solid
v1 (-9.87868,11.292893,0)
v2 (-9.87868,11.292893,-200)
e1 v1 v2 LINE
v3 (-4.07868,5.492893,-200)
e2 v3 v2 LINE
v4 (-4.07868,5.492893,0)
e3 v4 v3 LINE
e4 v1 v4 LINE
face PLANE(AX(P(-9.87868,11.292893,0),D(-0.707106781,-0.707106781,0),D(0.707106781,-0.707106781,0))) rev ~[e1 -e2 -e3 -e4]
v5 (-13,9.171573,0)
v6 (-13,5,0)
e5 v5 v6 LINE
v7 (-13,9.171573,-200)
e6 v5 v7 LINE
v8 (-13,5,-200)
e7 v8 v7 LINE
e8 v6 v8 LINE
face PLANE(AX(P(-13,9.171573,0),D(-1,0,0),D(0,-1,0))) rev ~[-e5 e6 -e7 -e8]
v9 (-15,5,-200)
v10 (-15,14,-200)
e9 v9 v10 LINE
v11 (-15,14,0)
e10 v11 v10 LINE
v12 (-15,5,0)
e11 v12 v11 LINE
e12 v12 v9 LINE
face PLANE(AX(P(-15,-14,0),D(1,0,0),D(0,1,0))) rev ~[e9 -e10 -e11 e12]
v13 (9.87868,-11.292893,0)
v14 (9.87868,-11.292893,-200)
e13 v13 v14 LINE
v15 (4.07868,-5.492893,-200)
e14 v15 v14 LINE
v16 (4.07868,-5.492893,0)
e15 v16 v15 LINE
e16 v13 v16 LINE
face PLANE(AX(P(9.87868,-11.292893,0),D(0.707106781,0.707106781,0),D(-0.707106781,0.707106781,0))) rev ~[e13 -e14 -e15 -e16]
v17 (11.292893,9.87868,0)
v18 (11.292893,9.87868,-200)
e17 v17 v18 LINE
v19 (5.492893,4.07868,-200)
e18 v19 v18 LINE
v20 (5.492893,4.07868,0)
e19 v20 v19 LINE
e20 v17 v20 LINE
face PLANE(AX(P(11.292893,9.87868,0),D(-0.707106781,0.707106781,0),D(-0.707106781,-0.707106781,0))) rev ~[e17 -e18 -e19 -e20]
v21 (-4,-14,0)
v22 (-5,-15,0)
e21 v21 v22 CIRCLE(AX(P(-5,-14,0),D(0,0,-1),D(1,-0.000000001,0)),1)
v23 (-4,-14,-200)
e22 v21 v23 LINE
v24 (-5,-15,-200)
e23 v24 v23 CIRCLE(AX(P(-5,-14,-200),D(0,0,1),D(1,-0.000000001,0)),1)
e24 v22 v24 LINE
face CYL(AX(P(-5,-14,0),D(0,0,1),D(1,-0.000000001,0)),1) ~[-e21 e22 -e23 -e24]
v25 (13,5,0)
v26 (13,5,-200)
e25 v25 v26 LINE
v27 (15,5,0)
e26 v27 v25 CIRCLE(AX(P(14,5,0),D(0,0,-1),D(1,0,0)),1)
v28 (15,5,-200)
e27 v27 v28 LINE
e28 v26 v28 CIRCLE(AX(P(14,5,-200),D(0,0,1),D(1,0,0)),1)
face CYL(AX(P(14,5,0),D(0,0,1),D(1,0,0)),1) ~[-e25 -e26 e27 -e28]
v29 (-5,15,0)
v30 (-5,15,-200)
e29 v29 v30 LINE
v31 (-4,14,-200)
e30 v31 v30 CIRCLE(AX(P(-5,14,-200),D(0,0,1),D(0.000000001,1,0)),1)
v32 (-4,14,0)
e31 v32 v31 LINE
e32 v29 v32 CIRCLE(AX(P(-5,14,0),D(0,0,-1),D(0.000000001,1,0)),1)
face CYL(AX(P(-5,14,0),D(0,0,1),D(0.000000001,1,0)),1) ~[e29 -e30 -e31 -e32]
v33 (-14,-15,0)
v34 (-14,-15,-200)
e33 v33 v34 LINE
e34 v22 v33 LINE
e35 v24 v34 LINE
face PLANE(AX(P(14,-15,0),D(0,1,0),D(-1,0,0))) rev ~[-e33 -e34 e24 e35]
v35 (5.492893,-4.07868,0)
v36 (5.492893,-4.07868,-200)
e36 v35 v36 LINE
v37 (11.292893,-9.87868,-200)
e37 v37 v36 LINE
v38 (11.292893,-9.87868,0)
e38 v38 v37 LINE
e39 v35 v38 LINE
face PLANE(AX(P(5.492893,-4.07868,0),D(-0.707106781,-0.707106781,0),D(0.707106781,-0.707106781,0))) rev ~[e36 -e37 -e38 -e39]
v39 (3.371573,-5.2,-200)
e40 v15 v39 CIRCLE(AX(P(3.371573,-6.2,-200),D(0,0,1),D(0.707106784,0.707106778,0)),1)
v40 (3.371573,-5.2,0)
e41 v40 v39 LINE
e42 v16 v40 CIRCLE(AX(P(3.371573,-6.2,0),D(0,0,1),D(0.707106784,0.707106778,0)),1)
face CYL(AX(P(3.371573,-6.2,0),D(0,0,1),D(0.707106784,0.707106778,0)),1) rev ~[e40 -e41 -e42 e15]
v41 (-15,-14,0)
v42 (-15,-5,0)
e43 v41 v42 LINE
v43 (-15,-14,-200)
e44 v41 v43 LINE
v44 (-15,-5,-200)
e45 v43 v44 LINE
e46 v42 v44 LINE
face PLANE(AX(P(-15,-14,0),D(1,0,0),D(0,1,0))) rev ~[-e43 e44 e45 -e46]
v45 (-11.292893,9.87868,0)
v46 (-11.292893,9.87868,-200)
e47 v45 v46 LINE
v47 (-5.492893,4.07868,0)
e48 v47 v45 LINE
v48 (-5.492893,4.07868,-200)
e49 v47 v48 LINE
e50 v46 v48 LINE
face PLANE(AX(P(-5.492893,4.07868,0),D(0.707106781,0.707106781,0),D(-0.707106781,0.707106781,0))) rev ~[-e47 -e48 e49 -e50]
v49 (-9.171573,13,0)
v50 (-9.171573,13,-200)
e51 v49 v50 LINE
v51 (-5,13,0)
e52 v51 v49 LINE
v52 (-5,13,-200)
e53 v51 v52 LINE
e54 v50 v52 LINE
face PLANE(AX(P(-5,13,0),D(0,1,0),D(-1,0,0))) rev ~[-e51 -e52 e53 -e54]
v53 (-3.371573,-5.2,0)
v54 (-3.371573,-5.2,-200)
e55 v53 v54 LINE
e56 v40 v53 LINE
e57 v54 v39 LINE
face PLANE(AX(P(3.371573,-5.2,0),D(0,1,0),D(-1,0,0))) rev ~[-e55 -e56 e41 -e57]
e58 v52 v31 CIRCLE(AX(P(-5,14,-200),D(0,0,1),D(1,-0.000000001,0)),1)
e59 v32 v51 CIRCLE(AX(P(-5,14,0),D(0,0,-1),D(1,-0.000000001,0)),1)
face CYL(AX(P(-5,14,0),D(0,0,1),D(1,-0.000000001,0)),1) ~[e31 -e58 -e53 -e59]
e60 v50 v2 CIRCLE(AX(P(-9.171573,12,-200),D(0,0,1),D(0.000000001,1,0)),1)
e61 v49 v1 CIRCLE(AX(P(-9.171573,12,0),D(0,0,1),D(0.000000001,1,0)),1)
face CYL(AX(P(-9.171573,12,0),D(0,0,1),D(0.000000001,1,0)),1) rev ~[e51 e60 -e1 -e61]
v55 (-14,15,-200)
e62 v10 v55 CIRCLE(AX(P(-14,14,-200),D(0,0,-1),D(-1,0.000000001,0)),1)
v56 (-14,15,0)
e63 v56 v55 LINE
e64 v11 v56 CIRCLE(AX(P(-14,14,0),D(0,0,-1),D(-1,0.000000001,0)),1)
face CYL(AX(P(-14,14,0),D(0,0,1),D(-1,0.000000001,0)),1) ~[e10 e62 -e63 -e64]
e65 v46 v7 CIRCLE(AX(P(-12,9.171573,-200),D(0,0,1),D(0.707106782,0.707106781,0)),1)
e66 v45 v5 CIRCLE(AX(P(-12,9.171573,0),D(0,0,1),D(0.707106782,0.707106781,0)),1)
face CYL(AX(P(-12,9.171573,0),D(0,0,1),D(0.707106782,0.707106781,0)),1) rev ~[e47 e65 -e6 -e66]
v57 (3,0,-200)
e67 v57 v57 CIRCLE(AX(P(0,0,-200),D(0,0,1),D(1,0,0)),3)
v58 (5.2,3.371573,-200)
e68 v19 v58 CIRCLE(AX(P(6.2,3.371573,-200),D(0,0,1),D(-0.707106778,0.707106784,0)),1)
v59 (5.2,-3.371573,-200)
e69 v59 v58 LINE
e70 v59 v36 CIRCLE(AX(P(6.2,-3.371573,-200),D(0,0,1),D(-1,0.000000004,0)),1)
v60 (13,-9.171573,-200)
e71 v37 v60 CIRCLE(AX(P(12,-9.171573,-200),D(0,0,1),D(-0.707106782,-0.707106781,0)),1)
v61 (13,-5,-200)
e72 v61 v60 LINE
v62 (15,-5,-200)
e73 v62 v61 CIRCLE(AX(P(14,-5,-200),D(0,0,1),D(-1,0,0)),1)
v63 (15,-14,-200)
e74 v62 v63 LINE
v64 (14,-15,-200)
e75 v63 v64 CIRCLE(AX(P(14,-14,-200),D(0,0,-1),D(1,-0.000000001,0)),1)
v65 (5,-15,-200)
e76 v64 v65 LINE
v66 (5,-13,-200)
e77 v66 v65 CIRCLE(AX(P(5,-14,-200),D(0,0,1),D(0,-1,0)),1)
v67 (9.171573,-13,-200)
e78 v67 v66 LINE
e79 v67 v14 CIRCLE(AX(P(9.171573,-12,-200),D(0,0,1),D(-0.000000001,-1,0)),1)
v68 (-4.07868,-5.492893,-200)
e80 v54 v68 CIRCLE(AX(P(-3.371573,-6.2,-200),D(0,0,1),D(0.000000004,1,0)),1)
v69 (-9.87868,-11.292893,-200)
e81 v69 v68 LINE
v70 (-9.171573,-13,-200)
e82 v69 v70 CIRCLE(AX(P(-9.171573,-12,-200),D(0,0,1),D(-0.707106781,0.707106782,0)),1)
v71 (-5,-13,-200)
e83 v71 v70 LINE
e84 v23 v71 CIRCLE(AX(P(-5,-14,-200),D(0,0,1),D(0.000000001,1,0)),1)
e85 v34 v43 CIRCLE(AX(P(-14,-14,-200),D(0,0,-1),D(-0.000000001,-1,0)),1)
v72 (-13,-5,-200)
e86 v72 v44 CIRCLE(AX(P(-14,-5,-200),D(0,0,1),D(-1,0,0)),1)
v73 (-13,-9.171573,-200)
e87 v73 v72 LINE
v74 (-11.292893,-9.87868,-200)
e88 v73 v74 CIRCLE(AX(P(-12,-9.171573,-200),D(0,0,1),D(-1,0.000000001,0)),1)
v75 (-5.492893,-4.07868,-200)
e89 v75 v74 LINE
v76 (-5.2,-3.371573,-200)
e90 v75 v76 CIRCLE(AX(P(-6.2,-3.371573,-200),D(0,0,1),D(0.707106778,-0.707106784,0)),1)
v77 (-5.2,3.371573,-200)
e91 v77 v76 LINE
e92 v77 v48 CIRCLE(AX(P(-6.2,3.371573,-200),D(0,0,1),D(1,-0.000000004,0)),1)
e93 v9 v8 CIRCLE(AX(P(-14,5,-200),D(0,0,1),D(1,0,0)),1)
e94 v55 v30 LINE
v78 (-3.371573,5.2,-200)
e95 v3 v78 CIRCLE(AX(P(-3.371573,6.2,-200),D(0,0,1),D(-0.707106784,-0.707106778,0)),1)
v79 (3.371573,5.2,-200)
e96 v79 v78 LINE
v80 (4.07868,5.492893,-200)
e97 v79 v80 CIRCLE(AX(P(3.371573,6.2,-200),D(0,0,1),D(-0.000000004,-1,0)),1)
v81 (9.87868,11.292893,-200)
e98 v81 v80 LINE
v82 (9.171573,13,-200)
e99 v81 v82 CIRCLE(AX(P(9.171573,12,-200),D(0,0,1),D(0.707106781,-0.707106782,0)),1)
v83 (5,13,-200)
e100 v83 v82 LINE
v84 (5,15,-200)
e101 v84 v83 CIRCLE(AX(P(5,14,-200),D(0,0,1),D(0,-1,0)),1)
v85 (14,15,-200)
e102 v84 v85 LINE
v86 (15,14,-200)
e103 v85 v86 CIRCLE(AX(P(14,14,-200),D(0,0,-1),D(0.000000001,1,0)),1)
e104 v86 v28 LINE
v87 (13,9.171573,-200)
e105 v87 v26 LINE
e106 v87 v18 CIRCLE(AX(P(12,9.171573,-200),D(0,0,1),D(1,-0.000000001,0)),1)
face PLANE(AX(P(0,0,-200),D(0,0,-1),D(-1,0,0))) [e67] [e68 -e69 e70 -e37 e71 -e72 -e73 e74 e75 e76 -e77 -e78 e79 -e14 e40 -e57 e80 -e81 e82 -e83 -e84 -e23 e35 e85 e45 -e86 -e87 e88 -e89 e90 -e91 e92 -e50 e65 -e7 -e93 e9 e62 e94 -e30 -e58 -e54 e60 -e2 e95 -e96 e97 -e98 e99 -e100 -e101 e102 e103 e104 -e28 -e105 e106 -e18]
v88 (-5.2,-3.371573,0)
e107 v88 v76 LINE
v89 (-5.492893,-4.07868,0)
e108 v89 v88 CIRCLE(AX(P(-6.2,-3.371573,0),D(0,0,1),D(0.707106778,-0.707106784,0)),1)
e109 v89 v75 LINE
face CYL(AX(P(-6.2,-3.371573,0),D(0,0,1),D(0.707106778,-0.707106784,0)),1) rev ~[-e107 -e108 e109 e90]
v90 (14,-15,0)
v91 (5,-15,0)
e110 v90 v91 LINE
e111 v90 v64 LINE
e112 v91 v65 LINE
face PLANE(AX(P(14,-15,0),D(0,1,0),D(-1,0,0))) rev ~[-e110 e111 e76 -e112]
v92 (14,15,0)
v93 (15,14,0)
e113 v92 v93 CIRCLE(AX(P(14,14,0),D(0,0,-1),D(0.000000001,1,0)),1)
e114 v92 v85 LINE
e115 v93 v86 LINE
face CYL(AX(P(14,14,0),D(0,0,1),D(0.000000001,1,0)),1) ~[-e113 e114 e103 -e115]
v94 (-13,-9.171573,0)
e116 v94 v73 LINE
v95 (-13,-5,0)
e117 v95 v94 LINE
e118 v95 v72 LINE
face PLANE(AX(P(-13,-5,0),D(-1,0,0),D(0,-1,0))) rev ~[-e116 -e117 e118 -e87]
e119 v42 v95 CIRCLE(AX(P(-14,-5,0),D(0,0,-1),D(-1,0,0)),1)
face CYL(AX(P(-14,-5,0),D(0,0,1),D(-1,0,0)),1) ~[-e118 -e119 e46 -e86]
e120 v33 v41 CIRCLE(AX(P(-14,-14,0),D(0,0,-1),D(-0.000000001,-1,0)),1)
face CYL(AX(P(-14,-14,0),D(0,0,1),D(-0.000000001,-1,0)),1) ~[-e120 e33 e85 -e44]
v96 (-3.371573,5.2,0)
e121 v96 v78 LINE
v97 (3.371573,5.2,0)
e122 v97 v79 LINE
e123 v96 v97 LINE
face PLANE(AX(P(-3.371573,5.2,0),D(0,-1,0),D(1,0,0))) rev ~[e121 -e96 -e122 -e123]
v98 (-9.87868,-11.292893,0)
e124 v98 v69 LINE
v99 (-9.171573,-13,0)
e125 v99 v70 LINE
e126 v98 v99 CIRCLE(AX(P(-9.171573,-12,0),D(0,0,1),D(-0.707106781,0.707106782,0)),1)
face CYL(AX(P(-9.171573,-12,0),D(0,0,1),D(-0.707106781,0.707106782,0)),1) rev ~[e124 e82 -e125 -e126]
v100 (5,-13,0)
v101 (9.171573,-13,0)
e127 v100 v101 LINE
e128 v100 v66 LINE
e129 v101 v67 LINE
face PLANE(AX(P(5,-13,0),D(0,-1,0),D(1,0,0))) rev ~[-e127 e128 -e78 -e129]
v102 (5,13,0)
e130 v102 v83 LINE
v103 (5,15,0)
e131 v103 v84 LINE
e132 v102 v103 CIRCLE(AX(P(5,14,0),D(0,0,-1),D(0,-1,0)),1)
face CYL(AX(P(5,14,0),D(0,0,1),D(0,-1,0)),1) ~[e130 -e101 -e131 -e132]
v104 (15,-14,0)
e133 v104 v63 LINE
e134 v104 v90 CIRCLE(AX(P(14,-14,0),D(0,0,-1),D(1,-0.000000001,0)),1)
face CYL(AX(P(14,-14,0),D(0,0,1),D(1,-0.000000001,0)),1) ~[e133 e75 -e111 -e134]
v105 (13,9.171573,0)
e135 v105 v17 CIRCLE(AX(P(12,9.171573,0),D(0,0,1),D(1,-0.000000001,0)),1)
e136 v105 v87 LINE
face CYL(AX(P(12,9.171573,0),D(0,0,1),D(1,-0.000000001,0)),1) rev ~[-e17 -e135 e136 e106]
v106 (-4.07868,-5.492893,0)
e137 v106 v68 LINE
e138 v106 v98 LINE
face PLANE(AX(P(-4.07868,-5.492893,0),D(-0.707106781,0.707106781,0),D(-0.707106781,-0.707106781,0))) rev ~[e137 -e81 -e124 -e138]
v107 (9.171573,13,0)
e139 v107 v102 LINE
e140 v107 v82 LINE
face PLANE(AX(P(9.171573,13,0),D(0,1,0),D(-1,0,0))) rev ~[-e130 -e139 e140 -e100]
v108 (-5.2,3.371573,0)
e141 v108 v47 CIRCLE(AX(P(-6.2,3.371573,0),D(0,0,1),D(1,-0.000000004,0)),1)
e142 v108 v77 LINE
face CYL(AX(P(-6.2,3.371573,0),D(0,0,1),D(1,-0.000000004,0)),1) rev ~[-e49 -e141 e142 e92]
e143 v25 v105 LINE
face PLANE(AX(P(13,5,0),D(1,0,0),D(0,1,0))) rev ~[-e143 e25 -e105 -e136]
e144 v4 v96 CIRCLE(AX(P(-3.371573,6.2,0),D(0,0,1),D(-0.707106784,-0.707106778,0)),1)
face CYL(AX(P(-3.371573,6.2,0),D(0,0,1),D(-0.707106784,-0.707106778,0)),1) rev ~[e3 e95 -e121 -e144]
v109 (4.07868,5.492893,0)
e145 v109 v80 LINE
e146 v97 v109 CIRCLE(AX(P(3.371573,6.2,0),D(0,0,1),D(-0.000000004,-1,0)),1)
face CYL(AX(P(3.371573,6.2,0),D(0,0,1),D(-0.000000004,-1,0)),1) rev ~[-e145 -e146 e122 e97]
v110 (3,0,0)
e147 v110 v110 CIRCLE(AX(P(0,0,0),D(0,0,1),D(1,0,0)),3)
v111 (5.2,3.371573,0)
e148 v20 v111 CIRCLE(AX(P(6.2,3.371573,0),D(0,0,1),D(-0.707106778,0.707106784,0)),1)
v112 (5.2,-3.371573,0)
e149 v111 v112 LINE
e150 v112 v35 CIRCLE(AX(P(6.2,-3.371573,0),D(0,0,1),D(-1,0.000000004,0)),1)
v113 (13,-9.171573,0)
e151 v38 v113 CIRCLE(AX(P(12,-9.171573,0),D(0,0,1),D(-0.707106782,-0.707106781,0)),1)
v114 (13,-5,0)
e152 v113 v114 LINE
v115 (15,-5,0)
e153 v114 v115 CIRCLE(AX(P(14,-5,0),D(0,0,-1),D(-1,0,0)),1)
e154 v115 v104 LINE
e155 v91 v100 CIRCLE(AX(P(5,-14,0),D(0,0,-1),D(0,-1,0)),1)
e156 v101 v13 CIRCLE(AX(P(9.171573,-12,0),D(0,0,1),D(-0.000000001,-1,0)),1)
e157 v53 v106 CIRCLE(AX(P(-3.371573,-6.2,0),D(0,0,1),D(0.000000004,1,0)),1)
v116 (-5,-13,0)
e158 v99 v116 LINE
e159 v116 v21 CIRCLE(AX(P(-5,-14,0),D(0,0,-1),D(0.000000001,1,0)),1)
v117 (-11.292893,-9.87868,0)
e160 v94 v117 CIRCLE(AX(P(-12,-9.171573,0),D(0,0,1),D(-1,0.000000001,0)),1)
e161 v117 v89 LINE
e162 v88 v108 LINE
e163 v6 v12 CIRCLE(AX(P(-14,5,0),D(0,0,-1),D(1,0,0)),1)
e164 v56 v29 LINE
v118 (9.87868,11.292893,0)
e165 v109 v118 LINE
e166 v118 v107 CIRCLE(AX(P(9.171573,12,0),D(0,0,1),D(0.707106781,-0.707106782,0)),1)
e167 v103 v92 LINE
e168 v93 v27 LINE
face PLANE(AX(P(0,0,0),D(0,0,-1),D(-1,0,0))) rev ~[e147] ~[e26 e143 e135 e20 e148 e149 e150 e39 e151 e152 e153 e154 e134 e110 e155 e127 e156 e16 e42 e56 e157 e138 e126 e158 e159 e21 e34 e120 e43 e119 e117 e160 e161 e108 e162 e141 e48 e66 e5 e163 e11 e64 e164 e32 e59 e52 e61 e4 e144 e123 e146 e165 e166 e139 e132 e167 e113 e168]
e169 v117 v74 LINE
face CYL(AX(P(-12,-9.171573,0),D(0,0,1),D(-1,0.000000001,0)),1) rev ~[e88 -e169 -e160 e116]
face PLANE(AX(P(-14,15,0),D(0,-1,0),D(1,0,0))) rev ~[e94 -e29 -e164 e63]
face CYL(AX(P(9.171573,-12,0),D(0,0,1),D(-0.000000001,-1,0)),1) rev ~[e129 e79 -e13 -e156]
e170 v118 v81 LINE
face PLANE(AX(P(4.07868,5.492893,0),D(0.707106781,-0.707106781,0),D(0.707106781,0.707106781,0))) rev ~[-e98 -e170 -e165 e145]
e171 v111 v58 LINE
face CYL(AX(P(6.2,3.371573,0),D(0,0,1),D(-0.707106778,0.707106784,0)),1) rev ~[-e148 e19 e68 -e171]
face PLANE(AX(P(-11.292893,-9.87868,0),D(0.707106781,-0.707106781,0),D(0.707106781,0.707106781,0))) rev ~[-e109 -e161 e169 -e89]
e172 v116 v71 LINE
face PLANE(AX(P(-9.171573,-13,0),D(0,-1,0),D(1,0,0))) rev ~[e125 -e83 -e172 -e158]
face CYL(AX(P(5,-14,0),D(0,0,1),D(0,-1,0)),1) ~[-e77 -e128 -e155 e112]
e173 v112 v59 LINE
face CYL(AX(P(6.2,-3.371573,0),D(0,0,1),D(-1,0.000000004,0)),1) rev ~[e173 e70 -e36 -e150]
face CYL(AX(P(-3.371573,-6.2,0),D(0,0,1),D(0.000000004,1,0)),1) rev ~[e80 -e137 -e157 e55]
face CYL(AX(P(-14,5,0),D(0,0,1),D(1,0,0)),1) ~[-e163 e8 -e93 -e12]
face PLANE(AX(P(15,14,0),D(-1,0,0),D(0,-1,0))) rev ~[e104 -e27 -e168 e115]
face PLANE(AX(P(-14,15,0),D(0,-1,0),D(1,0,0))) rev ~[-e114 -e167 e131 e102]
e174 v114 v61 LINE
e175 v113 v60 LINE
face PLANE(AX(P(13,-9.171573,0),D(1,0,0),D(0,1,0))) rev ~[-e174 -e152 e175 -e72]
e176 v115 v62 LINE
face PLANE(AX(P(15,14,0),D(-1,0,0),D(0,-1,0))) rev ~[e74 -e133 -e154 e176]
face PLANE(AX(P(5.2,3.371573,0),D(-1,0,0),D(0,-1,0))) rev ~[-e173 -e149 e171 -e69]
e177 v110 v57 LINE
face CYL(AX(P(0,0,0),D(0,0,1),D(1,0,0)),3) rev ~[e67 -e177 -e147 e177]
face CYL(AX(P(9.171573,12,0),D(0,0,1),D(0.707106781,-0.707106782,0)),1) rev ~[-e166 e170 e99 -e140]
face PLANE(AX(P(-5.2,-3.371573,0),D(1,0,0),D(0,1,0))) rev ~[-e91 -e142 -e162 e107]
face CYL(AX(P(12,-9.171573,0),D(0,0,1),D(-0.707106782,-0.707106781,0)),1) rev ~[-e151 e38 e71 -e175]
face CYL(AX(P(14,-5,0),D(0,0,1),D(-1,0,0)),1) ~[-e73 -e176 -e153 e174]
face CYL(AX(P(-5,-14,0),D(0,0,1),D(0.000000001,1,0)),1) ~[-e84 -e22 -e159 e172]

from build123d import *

# Parameters (mm, degrees)
SALIENTE_EXTRUIR1_DEPTH = 200
CROQUIS2_R              = 3
CORTAR_EXTRUIR1_DEPTH   = 202.121853611
CORTAR_EXTRUIR3_DEPTH   = 202.121853611


with BuildPart() as part:
    # Croquis1 → Saliente-Extruir1 (new body)
    with BuildSketch(Plane.XY):
        with BuildLine():
            Line((-14, 15), (14, 15))
            ThreePointArc((14, 15), (14.707106781, 14.707106781), (15, 14))
            Line((15, 14), (15, -14))
            ThreePointArc((15, -14), (14.707106781, -14.707106781), (14, -15))
            Line((14, -15), (-14, -15))
            ThreePointArc((-14, -15), (-14.707106781, -14.707106781), (-15, -14))
            Line((-15, -14), (-15, 14))
            ThreePointArc((-15, 14), (-14.707106781, 14.707106781), (-14, 15))
        make_face()
    extrude(amount=-SALIENTE_EXTRUIR1_DEPTH)

    # Croquis2 → Cortar-Extruir1 (cut, through all)
    with BuildSketch(Plane.XY):
        Circle(CROQUIS2_R)
    extrude(amount=-CORTAR_EXTRUIR1_DEPTH, mode=Mode.SUBTRACT)

    # Croquis3 → Cortar-Extruir3 (cut, through all)
    with BuildSketch(Plane.XY):
        with BuildLine():
            Line((-5.492893219, 4.078679656), (-11.292893219, 9.878679656))
            ThreePointArc((-11.292893219, 9.878679656), (-12.382683432, 10.095452408), (-13, 9.171572875))
            Line((-13, 9.171572875), (-13, 5))
            ThreePointArc((-13, 5), (-14, 4), (-15, 5))
            Line((-15, 5), (-15, -5))
            ThreePointArc((-15, -5), (-14, -4), (-13, -5))
            Line((-13, -5), (-13, -9.171572875))
            ThreePointArc((-13, -9.171572875), (-12.382683432, -10.095452408), (-11.292893219, -9.878679656))
            Line((-11.292893219, -9.878679656), (-5.492893219, -4.078679656))
            ThreePointArc((-5.492893219, -4.078679656), (-5.276120467, -3.754256308), (-5.2, -3.371572875))
            Line((-5.2, -3.371572875), (-5.2, 3.371572875))
            ThreePointArc((-5.2, 3.371572875), (-5.276120467, 3.754256308), (-5.492893219, 4.078679656))
        make_face()
        with BuildLine():
            ThreePointArc((-9.171572875, 13), (-10.095452408, 12.382683432), (-9.878679656, 11.292893219))
            Line((-9.878679656, 11.292893219), (-4.078679656, 5.492893219))
            ThreePointArc((-4.078679656, 5.492893219), (-3.754256308, 5.276120467), (-3.371572875, 5.2))
            Line((-3.371572875, 5.2), (3.371572875, 5.2))
            ThreePointArc((3.371572875, 5.2), (3.754256308, 5.276120467), (4.078679656, 5.492893219))
            Line((4.078679656, 5.492893219), (9.878679656, 11.292893219))
            ThreePointArc((9.878679656, 11.292893219), (10.095452408, 12.382683432), (9.171572875, 13))
            Line((9.171572875, 13), (5, 13))
            ThreePointArc((5, 13), (4, 14), (5, 15))
            Line((5, 15), (-5, 15))
            ThreePointArc((-5, 15), (-4.292893219, 14.707106781), (-4, 14))
            ThreePointArc((-4, 14), (-4.292893219, 13.292893219), (-5, 13))
            Line((-5, 13), (-9.171572875, 13))
        make_face()
        with BuildLine():
            Line((9.878679656, -11.292893219), (4.078679656, -5.492893219))
            ThreePointArc((4.078679656, -5.492893219), (3.754256308, -5.276120467), (3.371572875, -5.2))
            Line((3.371572875, -5.2), (-3.371572875, -5.2))
            ThreePointArc((-3.371572875, -5.2), (-3.754256308, -5.276120467), (-4.078679656, -5.492893219))
            Line((-4.078679656, -5.492893219), (-9.878679656, -11.292893219))
            ThreePointArc((-9.878679656, -11.292893219), (-10.095452408, -12.382683432), (-9.171572875, -13))
            Line((-9.171572875, -13), (-5, -13))
            ThreePointArc((-5, -13), (-4.292893219, -13.292893219), (-4, -14))
            ThreePointArc((-4, -14), (-4.292893219, -14.707106781), (-5, -15))
            Line((-5, -15), (5, -15))
            ThreePointArc((5, -15), (4, -14), (5, -13))
            Line((5, -13), (9.171572875, -13))
            ThreePointArc((9.171572875, -13), (10.095452408, -12.382683432), (9.878679656, -11.292893219))
        make_face()
        with BuildLine():
            ThreePointArc((13, 9.171572875), (12.382683432, 10.095452408), (11.292893219, 9.878679656))
            Line((11.292893219, 9.878679656), (5.492893219, 4.078679656))
            ThreePointArc((5.492893219, 4.078679656), (5.276120467, 3.754256308), (5.2, 3.371572875))
            Line((5.2, 3.371572875), (5.2, -3.371572875))
            ThreePointArc((5.2, -3.371572875), (5.276120467, -3.754256308), (5.492893219, -4.078679656))
            Line((5.492893219, -4.078679656), (11.292893219, -9.878679656))
            ThreePointArc((11.292893219, -9.878679656), (12.382683432, -10.095452408), (13, -9.171572875))
            Line((13, -9.171572875), (13, -5))
            ThreePointArc((13, -5), (14, -4), (15, -5))
            Line((15, -5), (15, 5))
            ThreePointArc((15, 5), (14, 4), (13, 5))
            Line((13, 5), (13, 9.171572875))
        make_face()
    extrude(amount=-CORTAR_EXTRUIR3_DEPTH, mode=Mode.SUBTRACT)


solid = part.part
